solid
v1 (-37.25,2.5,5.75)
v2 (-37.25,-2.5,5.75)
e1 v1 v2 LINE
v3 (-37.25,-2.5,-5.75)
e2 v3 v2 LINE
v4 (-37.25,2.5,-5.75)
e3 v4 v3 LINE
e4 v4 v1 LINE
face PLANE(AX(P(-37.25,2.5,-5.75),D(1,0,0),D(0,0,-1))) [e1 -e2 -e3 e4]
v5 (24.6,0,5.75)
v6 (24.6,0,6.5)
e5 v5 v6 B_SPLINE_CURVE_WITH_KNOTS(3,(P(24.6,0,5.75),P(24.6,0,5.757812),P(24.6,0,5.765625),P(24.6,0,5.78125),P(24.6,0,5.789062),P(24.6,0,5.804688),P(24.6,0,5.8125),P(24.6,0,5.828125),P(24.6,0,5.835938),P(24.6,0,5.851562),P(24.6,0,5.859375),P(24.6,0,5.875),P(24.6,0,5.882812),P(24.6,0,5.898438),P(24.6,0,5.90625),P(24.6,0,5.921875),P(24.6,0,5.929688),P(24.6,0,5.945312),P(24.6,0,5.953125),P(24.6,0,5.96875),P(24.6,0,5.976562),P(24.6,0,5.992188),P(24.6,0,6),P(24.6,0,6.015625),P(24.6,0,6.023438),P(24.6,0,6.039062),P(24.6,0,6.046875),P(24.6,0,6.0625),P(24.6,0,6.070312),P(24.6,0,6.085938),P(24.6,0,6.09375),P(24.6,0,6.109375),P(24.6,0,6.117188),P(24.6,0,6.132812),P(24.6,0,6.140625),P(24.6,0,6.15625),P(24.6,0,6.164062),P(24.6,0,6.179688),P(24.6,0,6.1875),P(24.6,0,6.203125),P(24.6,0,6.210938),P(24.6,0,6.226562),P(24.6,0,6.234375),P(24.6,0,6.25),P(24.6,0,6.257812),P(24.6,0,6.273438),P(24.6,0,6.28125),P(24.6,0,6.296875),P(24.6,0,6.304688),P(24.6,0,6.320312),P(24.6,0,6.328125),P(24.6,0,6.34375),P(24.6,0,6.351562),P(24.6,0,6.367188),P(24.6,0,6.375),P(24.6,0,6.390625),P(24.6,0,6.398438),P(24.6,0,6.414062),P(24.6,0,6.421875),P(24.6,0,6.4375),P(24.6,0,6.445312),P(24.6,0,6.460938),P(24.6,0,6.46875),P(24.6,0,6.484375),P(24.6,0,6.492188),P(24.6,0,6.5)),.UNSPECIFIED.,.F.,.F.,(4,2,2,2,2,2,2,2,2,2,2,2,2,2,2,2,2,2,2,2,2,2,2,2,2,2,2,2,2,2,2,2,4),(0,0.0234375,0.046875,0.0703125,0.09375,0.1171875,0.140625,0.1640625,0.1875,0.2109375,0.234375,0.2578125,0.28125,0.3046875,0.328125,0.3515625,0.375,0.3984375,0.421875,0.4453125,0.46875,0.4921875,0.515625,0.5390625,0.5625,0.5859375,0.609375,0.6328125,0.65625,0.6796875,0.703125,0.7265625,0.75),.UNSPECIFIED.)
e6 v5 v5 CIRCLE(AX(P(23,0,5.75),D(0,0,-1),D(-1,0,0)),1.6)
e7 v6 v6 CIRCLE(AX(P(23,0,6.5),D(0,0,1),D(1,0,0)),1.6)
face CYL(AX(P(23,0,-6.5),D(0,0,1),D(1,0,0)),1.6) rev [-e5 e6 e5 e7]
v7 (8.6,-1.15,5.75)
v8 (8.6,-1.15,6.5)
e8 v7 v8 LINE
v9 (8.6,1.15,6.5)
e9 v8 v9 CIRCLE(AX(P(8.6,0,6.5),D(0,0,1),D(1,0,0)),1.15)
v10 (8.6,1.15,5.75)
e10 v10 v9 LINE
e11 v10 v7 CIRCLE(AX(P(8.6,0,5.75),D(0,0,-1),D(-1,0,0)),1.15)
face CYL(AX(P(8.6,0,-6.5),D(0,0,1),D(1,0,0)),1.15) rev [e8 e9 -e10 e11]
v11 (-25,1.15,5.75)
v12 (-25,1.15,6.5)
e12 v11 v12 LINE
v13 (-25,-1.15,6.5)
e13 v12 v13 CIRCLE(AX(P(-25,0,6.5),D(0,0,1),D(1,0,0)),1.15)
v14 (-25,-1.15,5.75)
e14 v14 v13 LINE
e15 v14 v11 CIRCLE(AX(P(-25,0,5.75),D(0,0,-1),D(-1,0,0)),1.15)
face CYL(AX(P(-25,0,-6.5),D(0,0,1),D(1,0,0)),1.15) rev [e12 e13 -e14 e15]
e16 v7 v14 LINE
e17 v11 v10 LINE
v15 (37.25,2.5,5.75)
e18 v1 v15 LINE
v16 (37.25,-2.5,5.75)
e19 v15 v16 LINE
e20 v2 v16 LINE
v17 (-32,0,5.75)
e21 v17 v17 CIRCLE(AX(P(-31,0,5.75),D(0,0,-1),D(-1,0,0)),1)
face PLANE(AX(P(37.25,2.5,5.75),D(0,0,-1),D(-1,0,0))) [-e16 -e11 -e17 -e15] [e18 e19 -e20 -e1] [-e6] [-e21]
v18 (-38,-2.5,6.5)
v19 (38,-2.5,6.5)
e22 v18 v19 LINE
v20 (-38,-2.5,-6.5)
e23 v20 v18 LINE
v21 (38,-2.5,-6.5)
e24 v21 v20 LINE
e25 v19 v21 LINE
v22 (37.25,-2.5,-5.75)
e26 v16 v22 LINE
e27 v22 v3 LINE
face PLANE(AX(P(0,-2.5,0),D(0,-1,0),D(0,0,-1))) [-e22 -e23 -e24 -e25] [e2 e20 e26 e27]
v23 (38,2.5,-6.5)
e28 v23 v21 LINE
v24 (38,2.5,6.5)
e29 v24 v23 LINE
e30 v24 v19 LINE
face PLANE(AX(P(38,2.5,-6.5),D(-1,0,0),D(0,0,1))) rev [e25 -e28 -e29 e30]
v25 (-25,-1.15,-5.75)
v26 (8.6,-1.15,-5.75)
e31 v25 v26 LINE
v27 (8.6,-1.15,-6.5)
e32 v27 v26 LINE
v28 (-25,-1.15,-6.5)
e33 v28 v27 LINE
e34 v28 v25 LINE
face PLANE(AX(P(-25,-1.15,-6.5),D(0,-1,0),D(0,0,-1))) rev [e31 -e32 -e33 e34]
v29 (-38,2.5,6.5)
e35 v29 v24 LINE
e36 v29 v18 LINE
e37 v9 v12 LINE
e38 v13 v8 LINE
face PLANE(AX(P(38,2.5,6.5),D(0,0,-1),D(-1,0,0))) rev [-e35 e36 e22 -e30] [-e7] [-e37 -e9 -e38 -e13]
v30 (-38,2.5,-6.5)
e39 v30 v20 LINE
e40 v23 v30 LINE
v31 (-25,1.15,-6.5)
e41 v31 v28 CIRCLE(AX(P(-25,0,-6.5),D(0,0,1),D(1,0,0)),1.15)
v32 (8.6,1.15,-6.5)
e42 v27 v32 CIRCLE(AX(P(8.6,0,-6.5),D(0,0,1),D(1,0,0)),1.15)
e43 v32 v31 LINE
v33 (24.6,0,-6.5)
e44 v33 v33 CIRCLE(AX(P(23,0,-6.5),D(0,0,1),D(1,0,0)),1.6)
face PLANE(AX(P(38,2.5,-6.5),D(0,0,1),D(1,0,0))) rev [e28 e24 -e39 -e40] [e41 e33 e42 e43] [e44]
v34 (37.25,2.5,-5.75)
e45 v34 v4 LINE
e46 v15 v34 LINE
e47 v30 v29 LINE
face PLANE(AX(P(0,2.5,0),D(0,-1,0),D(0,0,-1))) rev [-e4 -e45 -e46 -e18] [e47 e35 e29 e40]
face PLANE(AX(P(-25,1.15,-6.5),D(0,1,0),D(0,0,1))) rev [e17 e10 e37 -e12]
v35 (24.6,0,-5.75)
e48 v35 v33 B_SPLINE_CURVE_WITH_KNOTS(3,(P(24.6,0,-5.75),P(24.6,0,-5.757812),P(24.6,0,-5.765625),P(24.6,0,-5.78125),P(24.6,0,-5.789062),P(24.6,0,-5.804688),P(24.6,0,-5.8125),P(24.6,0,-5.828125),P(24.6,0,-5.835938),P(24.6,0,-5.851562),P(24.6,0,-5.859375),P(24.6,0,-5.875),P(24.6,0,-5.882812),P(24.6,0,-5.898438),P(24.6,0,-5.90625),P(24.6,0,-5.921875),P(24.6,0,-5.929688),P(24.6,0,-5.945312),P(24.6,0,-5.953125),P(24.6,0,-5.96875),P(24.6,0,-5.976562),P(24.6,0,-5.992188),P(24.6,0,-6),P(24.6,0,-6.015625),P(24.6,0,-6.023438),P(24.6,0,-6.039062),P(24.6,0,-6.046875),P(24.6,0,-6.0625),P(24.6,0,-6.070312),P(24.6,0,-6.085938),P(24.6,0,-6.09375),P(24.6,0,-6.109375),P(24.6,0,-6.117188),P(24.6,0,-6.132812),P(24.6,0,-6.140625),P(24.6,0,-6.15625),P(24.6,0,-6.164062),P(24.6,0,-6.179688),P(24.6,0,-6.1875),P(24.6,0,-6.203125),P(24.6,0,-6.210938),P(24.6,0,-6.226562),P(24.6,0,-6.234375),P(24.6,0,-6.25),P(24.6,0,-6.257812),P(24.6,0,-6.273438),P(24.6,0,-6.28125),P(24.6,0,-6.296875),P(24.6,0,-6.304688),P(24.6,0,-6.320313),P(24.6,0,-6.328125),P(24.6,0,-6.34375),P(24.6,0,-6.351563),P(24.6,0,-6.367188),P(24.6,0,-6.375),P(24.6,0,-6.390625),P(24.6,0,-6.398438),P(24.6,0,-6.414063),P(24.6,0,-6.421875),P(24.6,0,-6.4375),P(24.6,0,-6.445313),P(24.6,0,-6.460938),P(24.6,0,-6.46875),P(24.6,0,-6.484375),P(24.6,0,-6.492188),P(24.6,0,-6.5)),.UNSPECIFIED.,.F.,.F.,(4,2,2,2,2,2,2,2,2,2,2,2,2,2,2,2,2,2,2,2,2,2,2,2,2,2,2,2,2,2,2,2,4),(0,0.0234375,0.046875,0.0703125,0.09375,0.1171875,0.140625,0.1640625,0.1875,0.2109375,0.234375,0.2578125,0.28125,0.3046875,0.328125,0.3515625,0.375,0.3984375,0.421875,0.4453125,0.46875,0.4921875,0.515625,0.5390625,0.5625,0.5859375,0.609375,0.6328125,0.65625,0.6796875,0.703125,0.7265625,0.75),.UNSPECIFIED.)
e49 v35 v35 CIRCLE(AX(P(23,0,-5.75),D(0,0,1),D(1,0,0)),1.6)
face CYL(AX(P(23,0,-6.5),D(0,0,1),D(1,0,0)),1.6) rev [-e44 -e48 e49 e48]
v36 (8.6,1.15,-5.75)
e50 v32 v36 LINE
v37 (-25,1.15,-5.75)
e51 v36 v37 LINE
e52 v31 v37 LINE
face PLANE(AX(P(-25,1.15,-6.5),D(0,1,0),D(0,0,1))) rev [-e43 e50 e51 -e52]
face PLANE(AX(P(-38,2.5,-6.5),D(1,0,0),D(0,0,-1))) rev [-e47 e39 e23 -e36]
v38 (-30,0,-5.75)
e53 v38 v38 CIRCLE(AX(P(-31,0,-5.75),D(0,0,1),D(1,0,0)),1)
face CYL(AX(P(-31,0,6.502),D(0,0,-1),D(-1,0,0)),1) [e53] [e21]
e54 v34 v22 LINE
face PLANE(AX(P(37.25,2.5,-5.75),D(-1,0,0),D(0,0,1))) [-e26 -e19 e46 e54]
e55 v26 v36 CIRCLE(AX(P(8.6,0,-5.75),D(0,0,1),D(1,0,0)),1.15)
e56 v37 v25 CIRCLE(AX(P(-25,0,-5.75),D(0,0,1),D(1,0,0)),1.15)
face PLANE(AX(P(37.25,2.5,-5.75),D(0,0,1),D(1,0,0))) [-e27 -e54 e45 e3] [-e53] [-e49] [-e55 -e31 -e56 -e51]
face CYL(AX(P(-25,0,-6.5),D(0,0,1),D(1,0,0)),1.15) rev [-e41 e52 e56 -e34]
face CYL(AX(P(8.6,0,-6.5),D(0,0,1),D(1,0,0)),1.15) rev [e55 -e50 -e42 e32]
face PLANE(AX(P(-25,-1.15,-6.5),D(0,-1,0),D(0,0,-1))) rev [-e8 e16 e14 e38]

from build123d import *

# Parameters (mm, degrees)
SKETCH1_W           = 76
SKETCH1_H           = 13
SKETCH1_W_2         = 74.5
SKETCH1_H_2         = 11.5
BOSS_EXTRUDE1_DEPTH = 2.5
SKETCH2_R           = 1.6
CUT_EXTRUDE1_DEPTH  = 41.239905566
BOSS_EXTRUDE2_REACH = 42.004
SKETCH3_R           = 1


with BuildPart() as part:
    # Sketch1 → Boss-Extrude1 (new, symmetric)
    with BuildSketch(Plane(origin=(0, 0, 0), x_dir=(1, 0, 0), z_dir=(0, 1, 0))):
        Rectangle(SKETCH1_W, SKETCH1_H)
        Rectangle(SKETCH1_W_2, SKETCH1_H_2, mode=Mode.SUBTRACT)
    extrude(amount=BOSS_EXTRUDE1_DEPTH, both=True)

    # Sketch2 → Cut-Extrude1 (cut, through all)
    with BuildSketch(Plane.XY.offset(6.5)):
        with Locations((23, 0)):
            Circle(SKETCH2_R)
        with BuildLine():
            Line((-25, 1.15), (8.6, 1.15))
            ThreePointArc((8.6, 1.15), (9.75, 0), (8.6, -1.15))
            Line((8.6, -1.15), (-25, -1.15))
            ThreePointArc((-25, -1.15), (-26.15, 0), (-25, 1.15))
        make_face()
    extrude(amount=-CUT_EXTRUDE1_DEPTH, mode=Mode.SUBTRACT)

    # Sketch3 → Boss-Extrude2 (add, up to next)
    with BuildSketch(Plane.XY.offset(-5.75), mode=Mode.PRIVATE) as boss_extrude2_sk1:
        with Locations(Location((-31, 0, 0), (0, 0, 180))):
            Circle(SKETCH3_R)
    boss_extrude2_tool1 = extrude(boss_extrude2_sk1.sketch, amount=BOSS_EXTRUDE2_REACH, mode=Mode.PRIVATE) - part.part
    add(boss_extrude2_tool1.solids().sort_by_distance((-31, 0, -5.75))[0])


solid = part.part
